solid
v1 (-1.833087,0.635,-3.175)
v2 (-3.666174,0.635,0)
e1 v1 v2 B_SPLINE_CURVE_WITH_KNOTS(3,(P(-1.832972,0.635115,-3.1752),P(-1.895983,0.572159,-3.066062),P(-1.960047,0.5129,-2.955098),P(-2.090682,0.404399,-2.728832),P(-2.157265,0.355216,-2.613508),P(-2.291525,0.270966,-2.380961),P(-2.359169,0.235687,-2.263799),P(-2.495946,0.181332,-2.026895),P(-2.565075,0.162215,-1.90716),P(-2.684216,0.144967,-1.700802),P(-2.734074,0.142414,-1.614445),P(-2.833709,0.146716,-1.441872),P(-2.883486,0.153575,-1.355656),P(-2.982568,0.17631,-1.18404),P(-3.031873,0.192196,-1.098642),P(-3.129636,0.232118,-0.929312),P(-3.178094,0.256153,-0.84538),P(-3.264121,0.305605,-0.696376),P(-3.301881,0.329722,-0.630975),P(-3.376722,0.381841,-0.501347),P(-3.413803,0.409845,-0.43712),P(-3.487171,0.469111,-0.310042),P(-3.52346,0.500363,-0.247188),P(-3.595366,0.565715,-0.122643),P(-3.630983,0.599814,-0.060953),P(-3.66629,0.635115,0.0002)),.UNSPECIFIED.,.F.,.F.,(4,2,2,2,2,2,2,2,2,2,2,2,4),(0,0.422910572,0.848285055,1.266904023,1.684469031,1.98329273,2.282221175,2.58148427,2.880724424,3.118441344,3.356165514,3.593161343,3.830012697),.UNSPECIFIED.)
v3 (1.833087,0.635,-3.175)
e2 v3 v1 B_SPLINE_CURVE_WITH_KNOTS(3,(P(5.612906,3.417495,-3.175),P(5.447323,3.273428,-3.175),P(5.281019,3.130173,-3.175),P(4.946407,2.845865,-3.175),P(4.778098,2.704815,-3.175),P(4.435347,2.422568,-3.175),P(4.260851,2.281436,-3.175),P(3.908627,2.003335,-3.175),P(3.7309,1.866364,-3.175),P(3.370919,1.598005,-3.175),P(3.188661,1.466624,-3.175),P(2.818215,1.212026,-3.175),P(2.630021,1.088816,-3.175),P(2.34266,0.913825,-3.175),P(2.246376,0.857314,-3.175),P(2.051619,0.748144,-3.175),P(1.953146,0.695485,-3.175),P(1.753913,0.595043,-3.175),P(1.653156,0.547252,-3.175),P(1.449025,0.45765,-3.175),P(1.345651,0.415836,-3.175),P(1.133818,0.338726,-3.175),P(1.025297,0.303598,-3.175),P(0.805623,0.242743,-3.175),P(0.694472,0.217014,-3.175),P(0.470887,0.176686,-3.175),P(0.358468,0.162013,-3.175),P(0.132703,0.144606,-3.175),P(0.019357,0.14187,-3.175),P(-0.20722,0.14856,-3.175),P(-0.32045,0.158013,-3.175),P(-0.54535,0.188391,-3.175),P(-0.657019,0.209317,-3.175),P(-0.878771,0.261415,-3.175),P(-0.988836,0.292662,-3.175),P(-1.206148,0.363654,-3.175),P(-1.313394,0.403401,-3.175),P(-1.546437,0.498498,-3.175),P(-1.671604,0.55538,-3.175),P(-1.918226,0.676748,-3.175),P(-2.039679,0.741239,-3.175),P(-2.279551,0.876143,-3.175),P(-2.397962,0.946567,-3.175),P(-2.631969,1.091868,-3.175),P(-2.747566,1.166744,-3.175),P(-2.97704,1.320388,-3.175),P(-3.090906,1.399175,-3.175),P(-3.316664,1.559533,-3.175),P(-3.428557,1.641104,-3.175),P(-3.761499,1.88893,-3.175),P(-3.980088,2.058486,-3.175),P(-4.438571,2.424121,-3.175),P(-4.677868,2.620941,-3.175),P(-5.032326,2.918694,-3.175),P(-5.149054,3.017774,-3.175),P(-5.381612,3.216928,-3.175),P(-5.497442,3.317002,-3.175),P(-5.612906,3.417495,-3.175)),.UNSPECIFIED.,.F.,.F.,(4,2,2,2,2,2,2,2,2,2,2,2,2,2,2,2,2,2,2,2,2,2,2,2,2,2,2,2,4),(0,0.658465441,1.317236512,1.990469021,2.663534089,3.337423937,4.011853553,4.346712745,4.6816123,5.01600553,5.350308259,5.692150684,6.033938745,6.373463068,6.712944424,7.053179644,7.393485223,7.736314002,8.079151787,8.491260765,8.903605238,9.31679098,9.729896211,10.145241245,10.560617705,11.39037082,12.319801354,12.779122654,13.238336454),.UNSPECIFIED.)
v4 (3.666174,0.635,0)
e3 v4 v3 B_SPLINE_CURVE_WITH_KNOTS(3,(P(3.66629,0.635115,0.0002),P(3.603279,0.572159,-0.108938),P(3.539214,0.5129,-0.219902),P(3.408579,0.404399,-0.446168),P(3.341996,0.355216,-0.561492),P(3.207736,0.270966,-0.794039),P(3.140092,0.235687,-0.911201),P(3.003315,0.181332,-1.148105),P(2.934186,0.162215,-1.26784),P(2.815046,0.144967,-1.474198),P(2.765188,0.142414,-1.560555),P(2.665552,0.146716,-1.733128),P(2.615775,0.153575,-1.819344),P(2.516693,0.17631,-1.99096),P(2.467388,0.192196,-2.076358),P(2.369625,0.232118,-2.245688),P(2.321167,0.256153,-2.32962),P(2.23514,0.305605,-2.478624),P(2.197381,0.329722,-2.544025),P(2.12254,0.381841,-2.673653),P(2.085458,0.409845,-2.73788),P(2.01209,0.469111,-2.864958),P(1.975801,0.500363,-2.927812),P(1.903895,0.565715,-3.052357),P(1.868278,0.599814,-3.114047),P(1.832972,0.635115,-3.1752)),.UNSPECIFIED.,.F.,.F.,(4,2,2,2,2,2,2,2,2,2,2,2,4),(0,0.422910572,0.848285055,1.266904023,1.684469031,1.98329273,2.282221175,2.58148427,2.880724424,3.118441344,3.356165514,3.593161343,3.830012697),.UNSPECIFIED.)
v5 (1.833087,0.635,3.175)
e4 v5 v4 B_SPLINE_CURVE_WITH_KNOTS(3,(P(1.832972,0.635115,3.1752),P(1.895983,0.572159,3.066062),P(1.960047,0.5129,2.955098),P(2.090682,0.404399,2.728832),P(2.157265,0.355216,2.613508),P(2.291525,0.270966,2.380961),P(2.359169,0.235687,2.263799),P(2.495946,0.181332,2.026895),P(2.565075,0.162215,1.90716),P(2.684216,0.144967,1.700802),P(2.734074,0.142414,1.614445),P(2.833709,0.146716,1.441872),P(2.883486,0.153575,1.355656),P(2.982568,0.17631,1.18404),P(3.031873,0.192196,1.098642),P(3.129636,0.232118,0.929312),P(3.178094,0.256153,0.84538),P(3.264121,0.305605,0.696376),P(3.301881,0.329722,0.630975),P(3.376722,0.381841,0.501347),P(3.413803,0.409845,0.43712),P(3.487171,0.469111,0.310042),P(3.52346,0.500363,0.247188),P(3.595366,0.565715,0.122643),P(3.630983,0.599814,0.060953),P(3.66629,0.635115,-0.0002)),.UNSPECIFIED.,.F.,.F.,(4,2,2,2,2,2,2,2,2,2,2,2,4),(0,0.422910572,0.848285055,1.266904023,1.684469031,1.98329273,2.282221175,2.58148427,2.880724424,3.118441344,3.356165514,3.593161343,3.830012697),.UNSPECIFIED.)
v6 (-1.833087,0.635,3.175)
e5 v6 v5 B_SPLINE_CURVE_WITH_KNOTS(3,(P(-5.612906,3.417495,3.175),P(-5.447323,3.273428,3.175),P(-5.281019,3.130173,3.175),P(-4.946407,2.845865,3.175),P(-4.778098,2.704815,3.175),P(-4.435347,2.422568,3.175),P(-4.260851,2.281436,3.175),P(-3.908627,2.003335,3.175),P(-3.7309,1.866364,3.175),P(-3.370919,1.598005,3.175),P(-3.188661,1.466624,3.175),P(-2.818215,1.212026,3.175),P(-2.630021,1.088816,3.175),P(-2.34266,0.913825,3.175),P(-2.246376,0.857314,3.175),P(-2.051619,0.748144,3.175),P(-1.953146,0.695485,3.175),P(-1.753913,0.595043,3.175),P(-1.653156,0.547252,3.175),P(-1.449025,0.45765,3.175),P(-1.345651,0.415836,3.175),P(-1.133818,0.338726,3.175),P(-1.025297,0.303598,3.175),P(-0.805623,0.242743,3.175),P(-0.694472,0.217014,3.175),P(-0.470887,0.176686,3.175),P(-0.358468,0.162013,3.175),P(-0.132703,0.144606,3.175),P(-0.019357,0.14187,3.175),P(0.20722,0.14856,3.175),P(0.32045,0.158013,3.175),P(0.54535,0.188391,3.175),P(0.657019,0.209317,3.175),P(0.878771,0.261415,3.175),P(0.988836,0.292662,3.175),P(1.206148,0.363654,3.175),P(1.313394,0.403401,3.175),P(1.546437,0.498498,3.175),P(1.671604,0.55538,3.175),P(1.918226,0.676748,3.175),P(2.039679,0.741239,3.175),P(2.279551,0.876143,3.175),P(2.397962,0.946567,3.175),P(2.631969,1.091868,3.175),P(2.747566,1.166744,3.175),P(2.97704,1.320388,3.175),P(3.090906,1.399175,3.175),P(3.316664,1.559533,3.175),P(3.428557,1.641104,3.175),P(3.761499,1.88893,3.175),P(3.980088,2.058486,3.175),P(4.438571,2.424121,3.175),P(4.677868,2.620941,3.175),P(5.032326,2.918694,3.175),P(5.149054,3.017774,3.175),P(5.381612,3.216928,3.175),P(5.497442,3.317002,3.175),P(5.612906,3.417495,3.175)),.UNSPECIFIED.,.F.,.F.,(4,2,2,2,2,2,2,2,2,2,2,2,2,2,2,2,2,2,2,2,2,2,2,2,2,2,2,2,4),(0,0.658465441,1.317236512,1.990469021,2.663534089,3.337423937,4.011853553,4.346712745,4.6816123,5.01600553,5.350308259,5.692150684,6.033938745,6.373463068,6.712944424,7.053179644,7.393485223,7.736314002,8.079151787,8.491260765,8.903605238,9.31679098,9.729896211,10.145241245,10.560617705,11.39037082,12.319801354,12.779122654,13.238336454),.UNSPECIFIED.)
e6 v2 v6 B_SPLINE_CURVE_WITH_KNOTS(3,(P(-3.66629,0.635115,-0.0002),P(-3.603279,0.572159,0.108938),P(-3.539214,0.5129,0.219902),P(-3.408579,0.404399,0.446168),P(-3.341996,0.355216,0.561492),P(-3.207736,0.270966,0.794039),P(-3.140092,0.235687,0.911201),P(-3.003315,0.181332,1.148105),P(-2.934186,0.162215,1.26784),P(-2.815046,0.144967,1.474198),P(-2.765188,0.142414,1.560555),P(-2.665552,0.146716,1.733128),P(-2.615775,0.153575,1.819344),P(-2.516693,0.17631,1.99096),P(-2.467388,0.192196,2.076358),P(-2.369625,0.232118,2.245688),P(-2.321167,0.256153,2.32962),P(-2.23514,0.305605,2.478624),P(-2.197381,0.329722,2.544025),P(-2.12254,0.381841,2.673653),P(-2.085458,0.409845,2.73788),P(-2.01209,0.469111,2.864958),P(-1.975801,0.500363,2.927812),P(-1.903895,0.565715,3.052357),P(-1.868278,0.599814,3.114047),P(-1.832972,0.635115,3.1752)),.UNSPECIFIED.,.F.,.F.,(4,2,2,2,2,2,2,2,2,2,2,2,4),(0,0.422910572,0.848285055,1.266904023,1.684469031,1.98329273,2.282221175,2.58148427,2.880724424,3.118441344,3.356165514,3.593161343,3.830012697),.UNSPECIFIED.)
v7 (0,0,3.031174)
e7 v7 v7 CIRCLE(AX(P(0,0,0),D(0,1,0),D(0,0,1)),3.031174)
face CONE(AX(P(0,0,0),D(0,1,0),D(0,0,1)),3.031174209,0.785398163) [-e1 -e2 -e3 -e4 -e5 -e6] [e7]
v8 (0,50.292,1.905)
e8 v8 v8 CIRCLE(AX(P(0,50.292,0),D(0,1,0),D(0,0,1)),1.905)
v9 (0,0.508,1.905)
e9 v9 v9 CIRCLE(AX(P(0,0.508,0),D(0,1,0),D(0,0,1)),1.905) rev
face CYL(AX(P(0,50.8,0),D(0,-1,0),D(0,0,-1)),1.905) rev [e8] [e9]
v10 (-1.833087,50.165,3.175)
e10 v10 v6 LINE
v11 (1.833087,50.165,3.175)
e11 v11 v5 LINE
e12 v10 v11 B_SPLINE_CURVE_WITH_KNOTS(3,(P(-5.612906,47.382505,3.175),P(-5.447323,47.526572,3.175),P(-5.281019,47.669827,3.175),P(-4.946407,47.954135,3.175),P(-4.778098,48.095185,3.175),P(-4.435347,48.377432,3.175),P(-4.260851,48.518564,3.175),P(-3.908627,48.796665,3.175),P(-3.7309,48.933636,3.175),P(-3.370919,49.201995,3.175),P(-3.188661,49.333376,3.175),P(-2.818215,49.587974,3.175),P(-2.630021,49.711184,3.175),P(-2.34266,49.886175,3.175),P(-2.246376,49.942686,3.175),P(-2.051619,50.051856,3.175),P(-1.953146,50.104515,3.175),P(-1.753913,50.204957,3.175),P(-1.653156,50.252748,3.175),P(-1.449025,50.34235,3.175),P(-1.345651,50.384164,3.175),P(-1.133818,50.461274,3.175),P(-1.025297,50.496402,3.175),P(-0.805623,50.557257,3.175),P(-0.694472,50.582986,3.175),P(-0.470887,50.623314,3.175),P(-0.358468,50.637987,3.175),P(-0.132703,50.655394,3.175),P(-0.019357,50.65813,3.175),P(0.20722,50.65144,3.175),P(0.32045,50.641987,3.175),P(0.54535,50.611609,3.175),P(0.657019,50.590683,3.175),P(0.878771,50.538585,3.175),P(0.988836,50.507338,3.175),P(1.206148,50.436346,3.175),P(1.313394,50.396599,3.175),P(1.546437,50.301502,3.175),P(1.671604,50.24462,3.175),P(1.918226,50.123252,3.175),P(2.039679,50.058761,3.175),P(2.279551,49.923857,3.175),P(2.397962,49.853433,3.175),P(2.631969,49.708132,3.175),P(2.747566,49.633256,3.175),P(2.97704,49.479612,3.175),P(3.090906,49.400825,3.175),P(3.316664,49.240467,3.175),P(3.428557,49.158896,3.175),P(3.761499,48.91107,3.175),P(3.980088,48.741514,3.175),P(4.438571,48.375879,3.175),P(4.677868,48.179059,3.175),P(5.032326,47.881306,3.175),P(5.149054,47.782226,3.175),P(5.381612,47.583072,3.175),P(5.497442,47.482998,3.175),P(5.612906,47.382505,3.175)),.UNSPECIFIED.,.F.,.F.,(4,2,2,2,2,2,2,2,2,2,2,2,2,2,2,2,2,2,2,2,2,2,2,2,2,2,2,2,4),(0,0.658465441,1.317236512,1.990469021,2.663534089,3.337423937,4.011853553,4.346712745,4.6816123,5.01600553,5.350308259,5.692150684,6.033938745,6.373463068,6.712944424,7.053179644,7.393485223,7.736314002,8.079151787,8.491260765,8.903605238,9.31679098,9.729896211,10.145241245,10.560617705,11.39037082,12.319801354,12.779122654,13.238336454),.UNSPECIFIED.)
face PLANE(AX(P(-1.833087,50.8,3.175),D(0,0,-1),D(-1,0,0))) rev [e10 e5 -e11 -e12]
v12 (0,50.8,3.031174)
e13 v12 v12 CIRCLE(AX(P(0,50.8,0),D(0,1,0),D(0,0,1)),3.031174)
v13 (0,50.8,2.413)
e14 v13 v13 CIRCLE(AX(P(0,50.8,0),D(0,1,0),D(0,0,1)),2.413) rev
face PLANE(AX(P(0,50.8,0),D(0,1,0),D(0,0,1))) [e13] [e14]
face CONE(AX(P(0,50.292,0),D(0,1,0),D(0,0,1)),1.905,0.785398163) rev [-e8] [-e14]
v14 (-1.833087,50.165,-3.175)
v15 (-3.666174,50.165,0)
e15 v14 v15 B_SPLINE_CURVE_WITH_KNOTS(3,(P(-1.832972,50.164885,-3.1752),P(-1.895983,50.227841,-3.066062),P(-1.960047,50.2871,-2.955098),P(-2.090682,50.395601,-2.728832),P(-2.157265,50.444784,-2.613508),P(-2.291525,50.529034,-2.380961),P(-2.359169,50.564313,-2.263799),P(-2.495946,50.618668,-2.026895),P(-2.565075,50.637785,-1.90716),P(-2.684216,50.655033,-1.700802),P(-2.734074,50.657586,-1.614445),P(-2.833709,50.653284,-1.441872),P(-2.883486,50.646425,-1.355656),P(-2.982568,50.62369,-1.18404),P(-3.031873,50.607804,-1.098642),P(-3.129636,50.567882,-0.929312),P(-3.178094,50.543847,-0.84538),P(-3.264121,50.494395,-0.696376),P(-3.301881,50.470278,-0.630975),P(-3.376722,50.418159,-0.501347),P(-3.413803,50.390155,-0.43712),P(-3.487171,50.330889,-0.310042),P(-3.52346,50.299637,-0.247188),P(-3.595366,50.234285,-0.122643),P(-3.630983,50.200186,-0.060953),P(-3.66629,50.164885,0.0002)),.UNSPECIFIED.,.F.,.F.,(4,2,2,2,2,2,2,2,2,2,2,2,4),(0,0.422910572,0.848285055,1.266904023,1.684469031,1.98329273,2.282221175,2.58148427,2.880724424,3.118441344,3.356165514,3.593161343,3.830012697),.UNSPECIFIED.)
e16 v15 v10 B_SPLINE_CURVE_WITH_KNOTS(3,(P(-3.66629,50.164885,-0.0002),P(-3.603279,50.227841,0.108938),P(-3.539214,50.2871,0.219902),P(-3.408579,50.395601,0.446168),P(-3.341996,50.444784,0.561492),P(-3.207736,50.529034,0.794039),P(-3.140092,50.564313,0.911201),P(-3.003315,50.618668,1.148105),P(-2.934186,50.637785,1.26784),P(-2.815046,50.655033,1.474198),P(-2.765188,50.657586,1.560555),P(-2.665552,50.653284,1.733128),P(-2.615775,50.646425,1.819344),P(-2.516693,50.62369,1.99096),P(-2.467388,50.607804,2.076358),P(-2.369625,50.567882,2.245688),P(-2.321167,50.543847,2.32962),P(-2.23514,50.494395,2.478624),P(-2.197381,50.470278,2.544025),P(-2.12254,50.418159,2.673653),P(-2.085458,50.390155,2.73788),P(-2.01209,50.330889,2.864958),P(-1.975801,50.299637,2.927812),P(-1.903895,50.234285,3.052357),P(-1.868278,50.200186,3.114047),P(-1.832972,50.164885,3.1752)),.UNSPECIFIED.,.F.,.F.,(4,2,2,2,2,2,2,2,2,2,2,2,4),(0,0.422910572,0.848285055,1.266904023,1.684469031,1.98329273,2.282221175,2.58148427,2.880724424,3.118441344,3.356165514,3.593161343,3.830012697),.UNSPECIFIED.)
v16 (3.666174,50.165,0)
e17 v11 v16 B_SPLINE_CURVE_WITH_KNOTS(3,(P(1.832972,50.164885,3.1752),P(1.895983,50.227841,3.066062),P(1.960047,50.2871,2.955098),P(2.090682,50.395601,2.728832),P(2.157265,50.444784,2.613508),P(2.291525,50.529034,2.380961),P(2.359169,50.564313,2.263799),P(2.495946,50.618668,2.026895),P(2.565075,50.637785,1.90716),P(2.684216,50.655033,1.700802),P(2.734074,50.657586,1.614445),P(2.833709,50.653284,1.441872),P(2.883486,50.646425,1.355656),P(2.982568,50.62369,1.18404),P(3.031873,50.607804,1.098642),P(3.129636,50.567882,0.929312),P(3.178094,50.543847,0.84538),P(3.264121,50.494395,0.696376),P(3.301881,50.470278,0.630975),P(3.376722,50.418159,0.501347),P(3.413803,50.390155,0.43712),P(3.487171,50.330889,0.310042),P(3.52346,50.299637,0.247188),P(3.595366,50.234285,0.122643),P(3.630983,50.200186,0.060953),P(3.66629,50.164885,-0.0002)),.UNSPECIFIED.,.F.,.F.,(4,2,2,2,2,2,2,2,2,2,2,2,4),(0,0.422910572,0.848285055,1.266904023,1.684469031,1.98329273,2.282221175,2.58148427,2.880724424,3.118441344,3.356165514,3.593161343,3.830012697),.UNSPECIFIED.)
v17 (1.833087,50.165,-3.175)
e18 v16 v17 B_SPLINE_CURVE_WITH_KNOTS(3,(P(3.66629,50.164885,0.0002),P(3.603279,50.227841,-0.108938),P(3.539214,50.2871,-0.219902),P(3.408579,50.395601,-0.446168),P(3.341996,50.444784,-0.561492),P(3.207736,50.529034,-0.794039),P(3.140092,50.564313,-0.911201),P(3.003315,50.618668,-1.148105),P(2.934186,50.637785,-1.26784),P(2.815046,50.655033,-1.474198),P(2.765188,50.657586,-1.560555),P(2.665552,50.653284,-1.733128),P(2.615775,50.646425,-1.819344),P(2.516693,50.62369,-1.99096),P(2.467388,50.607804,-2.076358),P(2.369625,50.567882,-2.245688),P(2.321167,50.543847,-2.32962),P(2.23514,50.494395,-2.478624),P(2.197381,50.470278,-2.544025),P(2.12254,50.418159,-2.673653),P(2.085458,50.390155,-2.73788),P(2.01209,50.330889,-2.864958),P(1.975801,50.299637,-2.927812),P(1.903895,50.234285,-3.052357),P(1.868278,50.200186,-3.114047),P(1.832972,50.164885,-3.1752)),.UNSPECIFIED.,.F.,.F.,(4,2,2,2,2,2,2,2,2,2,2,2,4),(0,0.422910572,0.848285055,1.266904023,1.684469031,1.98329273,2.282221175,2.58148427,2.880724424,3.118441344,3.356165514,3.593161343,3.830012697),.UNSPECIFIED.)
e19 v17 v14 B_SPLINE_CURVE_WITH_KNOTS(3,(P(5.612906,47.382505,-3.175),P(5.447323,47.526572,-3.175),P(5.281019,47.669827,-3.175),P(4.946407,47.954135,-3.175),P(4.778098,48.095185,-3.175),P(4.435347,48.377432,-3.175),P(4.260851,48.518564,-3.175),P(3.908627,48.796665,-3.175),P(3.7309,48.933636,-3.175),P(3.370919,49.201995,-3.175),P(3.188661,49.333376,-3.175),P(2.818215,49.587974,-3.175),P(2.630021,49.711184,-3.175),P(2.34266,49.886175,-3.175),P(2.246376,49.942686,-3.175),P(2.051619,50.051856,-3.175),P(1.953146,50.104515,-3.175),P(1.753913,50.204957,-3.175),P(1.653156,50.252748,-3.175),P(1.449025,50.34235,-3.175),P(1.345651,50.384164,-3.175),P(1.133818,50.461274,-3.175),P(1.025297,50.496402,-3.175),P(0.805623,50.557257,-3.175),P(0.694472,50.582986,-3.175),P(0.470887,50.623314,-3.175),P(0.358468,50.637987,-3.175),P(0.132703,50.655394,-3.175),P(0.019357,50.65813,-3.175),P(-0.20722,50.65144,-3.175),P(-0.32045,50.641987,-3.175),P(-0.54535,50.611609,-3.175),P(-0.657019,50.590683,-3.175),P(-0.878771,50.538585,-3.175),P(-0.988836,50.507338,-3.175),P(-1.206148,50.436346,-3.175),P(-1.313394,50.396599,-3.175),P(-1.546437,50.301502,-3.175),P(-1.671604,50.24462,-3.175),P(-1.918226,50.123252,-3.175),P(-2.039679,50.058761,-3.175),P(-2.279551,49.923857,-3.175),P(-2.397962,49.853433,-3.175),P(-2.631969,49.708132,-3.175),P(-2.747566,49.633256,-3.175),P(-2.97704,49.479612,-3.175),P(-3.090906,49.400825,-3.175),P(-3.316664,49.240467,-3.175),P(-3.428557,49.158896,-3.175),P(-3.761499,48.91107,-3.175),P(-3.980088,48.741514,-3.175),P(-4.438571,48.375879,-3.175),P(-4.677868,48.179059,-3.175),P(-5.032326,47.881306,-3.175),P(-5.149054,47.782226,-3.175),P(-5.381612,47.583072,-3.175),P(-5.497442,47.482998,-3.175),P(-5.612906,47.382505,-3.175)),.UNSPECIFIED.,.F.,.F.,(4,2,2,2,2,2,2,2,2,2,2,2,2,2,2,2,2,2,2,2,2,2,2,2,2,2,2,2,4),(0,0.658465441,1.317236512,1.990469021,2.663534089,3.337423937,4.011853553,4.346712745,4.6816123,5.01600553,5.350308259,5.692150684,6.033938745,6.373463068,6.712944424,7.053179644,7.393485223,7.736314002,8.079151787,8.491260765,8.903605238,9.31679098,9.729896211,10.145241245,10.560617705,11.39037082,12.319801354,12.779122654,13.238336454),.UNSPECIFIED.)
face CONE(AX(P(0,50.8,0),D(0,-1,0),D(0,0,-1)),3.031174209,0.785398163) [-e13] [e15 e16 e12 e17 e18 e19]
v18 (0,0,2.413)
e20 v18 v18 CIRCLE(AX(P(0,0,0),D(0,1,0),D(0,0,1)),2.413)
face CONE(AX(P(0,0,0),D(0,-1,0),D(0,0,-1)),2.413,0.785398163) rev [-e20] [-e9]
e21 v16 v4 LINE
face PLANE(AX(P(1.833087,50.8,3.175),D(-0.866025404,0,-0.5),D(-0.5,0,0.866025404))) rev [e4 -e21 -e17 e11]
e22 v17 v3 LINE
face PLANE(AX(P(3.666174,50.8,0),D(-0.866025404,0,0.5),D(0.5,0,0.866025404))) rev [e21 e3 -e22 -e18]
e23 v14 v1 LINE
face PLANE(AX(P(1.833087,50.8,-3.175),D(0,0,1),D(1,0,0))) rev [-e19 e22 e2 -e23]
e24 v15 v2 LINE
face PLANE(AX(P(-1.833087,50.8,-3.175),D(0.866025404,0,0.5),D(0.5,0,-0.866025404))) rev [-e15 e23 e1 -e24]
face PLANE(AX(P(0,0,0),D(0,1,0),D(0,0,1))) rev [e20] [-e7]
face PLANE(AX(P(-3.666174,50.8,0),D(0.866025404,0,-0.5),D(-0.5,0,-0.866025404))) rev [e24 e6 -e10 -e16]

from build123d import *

# Parameters (mm, degrees)
SKETCH1_R           = 1.905
BOSS_EXTRUDE1_DEPTH = 50.8
CHAMFER1_SIZE       = 0.508


with BuildPart() as part:
    # Sketch1 → Boss-Extrude1 (new body)
    with BuildSketch(Plane(origin=(0, 0, 0), x_dir=(1, 0, 0), z_dir=(0, 1, 0))):
        Polygon((3.666174209, 0), (1.833087105, 3.175), (-1.833087105, 3.175), (-3.666174209, 0), (-1.833087105, -3.175), (1.833087105, -3.175), align=None)
        Circle(SKETCH1_R, mode=Mode.SUBTRACT)
    extrude(amount=BOSS_EXTRUDE1_DEPTH)

    # Sketch2 → Cut-Revolve1 (revolve, cut)
    with BuildSketch(Plane.XY):
        Polygon((3.666174209, 0), (3.031174209, 0), (3.950242751, 0.919068541), align=None)
        Polygon((3.950242751, 49.880931459), (3.666174209, 50.8), (3.031174209, 50.8), align=None)
    revolve(axis=Axis((0, 49.880931459, 0), (0, -1, 0)), mode=Mode.SUBTRACT)

    # Chamfer1
    chamfer1_edges = [part.edges().sort_by_distance(p)[0] for p in [
        (-1.905, 0, 0),
        (-1.905, 50.8, 0),
    ]]
    chamfer(chamfer1_edges, length=CHAMFER1_SIZE)


solid = part.part
